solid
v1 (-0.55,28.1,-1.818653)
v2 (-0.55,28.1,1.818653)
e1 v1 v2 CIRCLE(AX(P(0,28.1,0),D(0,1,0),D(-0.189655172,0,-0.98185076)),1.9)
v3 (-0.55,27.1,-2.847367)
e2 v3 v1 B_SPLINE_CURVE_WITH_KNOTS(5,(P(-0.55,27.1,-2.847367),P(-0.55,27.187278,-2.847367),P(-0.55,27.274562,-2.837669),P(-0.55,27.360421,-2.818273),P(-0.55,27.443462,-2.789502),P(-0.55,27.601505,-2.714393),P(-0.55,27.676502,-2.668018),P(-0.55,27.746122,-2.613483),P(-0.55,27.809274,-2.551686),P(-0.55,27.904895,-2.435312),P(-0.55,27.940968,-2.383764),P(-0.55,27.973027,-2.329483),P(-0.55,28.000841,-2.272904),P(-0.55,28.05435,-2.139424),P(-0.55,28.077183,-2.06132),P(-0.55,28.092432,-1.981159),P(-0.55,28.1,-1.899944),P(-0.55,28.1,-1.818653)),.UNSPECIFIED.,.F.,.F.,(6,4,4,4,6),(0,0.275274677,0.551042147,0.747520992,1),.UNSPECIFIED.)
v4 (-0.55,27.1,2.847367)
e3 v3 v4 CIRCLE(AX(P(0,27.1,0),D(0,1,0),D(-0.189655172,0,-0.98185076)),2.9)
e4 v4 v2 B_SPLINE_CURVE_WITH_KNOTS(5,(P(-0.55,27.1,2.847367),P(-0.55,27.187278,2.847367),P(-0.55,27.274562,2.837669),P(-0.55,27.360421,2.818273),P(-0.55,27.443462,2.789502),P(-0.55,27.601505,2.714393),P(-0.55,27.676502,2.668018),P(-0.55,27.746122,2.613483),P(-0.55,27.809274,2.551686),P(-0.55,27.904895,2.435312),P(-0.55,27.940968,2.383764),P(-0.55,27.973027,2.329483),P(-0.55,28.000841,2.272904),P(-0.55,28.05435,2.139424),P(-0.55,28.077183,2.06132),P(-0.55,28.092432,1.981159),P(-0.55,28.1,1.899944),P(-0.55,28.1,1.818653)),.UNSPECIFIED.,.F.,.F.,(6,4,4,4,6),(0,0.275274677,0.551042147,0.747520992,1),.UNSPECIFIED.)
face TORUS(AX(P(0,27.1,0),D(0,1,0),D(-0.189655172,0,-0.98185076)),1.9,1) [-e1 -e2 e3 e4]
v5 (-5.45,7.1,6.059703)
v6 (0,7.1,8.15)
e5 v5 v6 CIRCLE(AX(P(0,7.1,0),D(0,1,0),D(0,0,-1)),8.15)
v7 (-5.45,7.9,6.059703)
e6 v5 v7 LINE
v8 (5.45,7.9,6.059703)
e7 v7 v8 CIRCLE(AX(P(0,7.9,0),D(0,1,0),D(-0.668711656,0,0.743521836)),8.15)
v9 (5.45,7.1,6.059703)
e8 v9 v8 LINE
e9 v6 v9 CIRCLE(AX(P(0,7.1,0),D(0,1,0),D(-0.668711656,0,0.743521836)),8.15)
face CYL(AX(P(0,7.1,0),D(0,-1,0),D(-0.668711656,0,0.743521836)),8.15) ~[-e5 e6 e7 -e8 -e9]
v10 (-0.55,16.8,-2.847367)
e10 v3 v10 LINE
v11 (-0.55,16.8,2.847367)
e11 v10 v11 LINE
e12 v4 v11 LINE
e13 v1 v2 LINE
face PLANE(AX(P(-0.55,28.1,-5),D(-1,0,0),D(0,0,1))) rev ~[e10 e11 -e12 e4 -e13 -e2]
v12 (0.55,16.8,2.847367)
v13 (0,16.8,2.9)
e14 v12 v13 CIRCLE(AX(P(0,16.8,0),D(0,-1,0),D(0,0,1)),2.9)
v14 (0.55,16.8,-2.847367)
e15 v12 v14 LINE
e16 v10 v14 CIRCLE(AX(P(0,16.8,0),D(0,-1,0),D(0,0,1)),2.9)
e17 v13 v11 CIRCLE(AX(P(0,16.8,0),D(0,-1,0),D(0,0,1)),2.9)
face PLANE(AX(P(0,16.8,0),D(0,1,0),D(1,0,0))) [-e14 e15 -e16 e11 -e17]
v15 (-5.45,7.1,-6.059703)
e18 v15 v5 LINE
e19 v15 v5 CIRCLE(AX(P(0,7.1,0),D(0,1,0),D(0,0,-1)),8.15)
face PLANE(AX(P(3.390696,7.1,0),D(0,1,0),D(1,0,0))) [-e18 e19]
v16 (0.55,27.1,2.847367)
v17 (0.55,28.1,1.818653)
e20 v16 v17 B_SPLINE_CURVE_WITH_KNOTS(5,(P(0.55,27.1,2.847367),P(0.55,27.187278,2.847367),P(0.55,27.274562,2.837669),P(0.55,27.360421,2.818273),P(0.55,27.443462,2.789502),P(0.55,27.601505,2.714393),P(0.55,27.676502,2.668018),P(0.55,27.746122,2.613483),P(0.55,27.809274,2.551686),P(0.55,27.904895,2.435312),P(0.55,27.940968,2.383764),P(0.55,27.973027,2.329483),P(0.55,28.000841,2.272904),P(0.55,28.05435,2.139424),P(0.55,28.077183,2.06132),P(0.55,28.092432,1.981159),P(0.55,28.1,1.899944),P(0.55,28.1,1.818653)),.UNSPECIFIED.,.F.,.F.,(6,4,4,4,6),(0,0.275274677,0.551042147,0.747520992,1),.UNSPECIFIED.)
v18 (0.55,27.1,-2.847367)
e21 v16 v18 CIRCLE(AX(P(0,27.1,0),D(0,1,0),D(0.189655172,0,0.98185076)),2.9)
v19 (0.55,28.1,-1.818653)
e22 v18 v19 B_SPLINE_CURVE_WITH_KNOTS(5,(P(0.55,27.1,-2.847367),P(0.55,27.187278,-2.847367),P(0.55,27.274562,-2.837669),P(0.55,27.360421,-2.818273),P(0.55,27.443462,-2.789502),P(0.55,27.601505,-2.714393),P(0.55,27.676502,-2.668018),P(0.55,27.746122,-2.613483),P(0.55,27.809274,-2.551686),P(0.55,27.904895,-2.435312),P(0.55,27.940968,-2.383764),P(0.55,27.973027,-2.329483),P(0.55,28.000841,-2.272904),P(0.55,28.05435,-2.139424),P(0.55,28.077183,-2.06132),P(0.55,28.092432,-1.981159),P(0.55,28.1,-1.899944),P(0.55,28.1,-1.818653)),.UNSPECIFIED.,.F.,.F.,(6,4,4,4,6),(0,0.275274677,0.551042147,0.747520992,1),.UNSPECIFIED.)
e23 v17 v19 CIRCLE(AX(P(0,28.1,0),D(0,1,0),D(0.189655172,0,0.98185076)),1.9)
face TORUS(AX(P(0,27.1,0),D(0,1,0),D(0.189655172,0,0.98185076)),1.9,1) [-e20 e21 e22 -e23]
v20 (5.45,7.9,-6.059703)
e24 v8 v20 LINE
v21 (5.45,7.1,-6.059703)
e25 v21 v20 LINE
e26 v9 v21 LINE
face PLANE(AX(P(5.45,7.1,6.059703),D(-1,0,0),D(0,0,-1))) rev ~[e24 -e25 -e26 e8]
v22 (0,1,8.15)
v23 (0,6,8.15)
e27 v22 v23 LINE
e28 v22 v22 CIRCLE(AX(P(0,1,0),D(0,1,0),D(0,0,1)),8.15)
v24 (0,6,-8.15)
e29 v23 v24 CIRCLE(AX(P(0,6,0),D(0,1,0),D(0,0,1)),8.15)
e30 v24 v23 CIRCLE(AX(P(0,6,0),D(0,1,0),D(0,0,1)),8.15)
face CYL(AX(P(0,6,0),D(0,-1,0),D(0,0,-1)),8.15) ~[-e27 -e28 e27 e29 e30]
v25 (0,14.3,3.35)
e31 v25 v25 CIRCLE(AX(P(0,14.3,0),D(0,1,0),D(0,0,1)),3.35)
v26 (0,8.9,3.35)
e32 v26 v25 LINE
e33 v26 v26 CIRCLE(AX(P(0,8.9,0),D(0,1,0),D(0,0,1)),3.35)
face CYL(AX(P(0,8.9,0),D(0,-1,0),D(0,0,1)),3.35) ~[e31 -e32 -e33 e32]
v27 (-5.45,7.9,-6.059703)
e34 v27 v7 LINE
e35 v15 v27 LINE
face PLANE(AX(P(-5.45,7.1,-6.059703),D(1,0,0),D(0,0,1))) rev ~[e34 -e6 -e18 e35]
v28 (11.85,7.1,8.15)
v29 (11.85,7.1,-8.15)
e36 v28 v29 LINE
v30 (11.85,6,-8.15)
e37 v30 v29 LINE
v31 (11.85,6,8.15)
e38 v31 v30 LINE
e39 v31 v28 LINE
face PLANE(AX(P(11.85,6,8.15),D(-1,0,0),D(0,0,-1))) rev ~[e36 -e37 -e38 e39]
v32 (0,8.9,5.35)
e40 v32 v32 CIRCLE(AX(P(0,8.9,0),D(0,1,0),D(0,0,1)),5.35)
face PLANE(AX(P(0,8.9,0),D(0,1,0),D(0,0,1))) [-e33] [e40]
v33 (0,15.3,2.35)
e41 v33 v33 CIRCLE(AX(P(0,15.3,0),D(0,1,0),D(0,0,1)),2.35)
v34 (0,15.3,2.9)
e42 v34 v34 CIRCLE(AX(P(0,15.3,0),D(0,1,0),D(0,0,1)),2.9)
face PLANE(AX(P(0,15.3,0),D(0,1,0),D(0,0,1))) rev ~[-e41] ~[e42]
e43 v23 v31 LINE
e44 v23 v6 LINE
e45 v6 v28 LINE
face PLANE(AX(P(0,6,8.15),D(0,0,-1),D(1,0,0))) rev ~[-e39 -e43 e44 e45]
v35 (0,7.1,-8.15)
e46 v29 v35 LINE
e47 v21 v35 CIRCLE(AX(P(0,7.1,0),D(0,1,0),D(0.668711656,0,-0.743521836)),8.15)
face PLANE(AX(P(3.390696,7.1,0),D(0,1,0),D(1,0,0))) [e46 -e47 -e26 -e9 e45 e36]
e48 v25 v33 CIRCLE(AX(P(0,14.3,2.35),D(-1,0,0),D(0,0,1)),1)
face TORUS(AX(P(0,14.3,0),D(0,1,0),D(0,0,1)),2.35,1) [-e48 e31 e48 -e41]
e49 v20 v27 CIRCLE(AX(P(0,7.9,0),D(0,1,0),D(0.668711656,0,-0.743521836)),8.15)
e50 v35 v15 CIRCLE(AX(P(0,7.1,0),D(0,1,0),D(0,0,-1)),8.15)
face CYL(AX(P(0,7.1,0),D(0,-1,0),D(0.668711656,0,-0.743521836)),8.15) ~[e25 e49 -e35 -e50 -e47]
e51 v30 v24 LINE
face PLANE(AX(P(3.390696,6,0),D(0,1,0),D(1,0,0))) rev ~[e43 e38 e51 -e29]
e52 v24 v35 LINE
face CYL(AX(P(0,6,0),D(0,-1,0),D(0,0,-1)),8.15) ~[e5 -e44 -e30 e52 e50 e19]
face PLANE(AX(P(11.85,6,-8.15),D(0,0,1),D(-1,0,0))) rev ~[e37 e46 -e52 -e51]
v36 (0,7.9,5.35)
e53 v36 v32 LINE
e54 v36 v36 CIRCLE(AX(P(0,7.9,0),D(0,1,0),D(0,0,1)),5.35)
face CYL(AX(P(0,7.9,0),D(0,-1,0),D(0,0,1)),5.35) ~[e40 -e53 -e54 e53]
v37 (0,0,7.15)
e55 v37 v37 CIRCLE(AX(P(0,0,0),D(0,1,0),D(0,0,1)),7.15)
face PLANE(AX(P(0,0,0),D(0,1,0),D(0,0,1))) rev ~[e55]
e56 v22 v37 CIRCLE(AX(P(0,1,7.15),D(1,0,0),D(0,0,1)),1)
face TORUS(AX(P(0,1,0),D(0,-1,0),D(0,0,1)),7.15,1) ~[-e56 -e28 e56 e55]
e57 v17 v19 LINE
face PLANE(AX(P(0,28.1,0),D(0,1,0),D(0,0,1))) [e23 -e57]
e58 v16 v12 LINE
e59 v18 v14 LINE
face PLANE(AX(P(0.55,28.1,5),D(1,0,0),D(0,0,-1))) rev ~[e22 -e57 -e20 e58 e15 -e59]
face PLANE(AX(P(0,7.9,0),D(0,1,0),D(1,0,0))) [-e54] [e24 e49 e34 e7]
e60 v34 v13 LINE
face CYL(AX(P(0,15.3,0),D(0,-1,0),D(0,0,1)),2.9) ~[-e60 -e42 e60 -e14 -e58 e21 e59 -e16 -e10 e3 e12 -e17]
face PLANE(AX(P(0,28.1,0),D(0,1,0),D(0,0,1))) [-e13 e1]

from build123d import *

# Parameters (mm, degrees)
SKETCH1_R           = 8.149999999999999
BOSS_EXTRUDE1_DEPTH = 6
BOSS_EXTRUDE2_DEPTH = 1.1
BOSS_EXTRUDE3_DEPTH = 0.8
SKETCH4_R           = 5.35
BOSS_EXTRUDE4_DEPTH = 1
SKETCH5_R           = 3.35
BOSS_EXTRUDE5_DEPTH = 6.4
FILLET1_R           = 1
SKETCH6_R           = 2.9
BOSS_EXTRUDE6_DEPTH = 12.8
CUT_EXTRUDE1_DEPTH  = 11.3
FILLET2_R           = 1


with BuildPart() as part:
    # Sketch1 → Boss-Extrude1 (new body)
    with BuildSketch(Plane(origin=(0, 0, 0), x_dir=(1, 0, 0), z_dir=(0, 1, 0))):
        with Locations(Location((0, 0, 0), (0, 0, 270))):
            Circle(SKETCH1_R)
    extrude(amount=BOSS_EXTRUDE1_DEPTH)

    # Sketch2 → Boss-Extrude2 (add)
    with BuildSketch(Plane(origin=(0, 6, 0), x_dir=(1, 0, 0), z_dir=(0, 1, 0))):
        with BuildLine():
            Line((0, -8.15), (11.85, -8.15))
            Line((11.85, -8.15), (11.849999999999996, 8.150000000000004))
            Line((11.849999999999996, 8.150000000000004), (0, 8.15))
            ThreePointArc((0, 8.15), (-8.15, 1e-15), (0, -8.15))
        make_face()
    extrude(amount=BOSS_EXTRUDE2_DEPTH)

    # Sketch3 → Boss-Extrude3 (add)
    with BuildSketch(Plane(origin=(0, 7.1000000000000005, 0), x_dir=(1, 0, 0), z_dir=(0, 1, 0))):
        with BuildLine():
            Line((-5.45, 6.059702963017249), (-5.45, -6.059702963017249))
            ThreePointArc((-5.45, -6.059702963017249), (-1.31e-15, -8.150000000000002), (5.45, -6.059702963017249))
            Line((5.45, -6.059702963017249), (5.45, 6.059702963017249))
            ThreePointArc((5.45, 6.059702963017249), (5e-16, 8.150000000000002), (-5.45, 6.059702963017249))
        make_face()
    extrude(amount=BOSS_EXTRUDE3_DEPTH)

    # Sketch4 → Boss-Extrude4 (add)
    with BuildSketch(Plane(origin=(0, 7.9, 0), x_dir=(1, 0, 0), z_dir=(0, 1, 0))):
        with Locations(Location((0, 0, 0), (0, 0, 270))):
            Circle(SKETCH4_R)
    extrude(amount=BOSS_EXTRUDE4_DEPTH)

    # Sketch5 → Boss-Extrude5 (add)
    with BuildSketch(Plane(origin=(0, 8.900000000000002, 0), x_dir=(1, 0, 0), z_dir=(0, 1, 0))):
        with Locations(Location((0, 0, 0), (0, 0, 270))):
            Circle(SKETCH5_R)
    extrude(amount=BOSS_EXTRUDE5_DEPTH)

    # Fillet1
    fillet1_edges = [part.edges().sort_by_distance(p)[0] for p in [
        (2.5e-15, 0, -8.149999999999999),
        (1.03e-15, 15.300000000000002, -3.35),
    ]]
    fillet(fillet1_edges, radius=FILLET1_R)

    # Sketch6 → Boss-Extrude6 (add)
    with BuildSketch(Plane(origin=(0, 15.3, 0), x_dir=(1, 0, 0), z_dir=(0, 1, 0))):
        with Locations(Location((0, 0, 0), (0, 0, 270))):
            Circle(SKETCH6_R)
    extrude(amount=BOSS_EXTRUDE6_DEPTH)

    # Sketch7 → Cut-Extrude1 (cut)
    with BuildSketch(Plane(origin=(0, 28.1, 0), x_dir=(1, 0, 0), z_dir=(0, 1, 0))):
        Polygon((0.5499999999999995, 5.000000000000001), (-0.5500000000000006, 5.000000000000001), (-0.5499999999999994, -4.999999999999999), (0.5500000000000007, -4.999999999999999), align=None)
    extrude(amount=-CUT_EXTRUDE1_DEPTH, mode=Mode.SUBTRACT)

    # Fillet2
    fillet2_edges = [part.edges().sort_by_distance(p)[0] for p in [
        (2.9, 28.1, 7.347e-14),
        (-2.9, 28.1, 7.105e-14),
    ]]
    fillet(fillet2_edges, radius=FILLET2_R)


solid = part.part
